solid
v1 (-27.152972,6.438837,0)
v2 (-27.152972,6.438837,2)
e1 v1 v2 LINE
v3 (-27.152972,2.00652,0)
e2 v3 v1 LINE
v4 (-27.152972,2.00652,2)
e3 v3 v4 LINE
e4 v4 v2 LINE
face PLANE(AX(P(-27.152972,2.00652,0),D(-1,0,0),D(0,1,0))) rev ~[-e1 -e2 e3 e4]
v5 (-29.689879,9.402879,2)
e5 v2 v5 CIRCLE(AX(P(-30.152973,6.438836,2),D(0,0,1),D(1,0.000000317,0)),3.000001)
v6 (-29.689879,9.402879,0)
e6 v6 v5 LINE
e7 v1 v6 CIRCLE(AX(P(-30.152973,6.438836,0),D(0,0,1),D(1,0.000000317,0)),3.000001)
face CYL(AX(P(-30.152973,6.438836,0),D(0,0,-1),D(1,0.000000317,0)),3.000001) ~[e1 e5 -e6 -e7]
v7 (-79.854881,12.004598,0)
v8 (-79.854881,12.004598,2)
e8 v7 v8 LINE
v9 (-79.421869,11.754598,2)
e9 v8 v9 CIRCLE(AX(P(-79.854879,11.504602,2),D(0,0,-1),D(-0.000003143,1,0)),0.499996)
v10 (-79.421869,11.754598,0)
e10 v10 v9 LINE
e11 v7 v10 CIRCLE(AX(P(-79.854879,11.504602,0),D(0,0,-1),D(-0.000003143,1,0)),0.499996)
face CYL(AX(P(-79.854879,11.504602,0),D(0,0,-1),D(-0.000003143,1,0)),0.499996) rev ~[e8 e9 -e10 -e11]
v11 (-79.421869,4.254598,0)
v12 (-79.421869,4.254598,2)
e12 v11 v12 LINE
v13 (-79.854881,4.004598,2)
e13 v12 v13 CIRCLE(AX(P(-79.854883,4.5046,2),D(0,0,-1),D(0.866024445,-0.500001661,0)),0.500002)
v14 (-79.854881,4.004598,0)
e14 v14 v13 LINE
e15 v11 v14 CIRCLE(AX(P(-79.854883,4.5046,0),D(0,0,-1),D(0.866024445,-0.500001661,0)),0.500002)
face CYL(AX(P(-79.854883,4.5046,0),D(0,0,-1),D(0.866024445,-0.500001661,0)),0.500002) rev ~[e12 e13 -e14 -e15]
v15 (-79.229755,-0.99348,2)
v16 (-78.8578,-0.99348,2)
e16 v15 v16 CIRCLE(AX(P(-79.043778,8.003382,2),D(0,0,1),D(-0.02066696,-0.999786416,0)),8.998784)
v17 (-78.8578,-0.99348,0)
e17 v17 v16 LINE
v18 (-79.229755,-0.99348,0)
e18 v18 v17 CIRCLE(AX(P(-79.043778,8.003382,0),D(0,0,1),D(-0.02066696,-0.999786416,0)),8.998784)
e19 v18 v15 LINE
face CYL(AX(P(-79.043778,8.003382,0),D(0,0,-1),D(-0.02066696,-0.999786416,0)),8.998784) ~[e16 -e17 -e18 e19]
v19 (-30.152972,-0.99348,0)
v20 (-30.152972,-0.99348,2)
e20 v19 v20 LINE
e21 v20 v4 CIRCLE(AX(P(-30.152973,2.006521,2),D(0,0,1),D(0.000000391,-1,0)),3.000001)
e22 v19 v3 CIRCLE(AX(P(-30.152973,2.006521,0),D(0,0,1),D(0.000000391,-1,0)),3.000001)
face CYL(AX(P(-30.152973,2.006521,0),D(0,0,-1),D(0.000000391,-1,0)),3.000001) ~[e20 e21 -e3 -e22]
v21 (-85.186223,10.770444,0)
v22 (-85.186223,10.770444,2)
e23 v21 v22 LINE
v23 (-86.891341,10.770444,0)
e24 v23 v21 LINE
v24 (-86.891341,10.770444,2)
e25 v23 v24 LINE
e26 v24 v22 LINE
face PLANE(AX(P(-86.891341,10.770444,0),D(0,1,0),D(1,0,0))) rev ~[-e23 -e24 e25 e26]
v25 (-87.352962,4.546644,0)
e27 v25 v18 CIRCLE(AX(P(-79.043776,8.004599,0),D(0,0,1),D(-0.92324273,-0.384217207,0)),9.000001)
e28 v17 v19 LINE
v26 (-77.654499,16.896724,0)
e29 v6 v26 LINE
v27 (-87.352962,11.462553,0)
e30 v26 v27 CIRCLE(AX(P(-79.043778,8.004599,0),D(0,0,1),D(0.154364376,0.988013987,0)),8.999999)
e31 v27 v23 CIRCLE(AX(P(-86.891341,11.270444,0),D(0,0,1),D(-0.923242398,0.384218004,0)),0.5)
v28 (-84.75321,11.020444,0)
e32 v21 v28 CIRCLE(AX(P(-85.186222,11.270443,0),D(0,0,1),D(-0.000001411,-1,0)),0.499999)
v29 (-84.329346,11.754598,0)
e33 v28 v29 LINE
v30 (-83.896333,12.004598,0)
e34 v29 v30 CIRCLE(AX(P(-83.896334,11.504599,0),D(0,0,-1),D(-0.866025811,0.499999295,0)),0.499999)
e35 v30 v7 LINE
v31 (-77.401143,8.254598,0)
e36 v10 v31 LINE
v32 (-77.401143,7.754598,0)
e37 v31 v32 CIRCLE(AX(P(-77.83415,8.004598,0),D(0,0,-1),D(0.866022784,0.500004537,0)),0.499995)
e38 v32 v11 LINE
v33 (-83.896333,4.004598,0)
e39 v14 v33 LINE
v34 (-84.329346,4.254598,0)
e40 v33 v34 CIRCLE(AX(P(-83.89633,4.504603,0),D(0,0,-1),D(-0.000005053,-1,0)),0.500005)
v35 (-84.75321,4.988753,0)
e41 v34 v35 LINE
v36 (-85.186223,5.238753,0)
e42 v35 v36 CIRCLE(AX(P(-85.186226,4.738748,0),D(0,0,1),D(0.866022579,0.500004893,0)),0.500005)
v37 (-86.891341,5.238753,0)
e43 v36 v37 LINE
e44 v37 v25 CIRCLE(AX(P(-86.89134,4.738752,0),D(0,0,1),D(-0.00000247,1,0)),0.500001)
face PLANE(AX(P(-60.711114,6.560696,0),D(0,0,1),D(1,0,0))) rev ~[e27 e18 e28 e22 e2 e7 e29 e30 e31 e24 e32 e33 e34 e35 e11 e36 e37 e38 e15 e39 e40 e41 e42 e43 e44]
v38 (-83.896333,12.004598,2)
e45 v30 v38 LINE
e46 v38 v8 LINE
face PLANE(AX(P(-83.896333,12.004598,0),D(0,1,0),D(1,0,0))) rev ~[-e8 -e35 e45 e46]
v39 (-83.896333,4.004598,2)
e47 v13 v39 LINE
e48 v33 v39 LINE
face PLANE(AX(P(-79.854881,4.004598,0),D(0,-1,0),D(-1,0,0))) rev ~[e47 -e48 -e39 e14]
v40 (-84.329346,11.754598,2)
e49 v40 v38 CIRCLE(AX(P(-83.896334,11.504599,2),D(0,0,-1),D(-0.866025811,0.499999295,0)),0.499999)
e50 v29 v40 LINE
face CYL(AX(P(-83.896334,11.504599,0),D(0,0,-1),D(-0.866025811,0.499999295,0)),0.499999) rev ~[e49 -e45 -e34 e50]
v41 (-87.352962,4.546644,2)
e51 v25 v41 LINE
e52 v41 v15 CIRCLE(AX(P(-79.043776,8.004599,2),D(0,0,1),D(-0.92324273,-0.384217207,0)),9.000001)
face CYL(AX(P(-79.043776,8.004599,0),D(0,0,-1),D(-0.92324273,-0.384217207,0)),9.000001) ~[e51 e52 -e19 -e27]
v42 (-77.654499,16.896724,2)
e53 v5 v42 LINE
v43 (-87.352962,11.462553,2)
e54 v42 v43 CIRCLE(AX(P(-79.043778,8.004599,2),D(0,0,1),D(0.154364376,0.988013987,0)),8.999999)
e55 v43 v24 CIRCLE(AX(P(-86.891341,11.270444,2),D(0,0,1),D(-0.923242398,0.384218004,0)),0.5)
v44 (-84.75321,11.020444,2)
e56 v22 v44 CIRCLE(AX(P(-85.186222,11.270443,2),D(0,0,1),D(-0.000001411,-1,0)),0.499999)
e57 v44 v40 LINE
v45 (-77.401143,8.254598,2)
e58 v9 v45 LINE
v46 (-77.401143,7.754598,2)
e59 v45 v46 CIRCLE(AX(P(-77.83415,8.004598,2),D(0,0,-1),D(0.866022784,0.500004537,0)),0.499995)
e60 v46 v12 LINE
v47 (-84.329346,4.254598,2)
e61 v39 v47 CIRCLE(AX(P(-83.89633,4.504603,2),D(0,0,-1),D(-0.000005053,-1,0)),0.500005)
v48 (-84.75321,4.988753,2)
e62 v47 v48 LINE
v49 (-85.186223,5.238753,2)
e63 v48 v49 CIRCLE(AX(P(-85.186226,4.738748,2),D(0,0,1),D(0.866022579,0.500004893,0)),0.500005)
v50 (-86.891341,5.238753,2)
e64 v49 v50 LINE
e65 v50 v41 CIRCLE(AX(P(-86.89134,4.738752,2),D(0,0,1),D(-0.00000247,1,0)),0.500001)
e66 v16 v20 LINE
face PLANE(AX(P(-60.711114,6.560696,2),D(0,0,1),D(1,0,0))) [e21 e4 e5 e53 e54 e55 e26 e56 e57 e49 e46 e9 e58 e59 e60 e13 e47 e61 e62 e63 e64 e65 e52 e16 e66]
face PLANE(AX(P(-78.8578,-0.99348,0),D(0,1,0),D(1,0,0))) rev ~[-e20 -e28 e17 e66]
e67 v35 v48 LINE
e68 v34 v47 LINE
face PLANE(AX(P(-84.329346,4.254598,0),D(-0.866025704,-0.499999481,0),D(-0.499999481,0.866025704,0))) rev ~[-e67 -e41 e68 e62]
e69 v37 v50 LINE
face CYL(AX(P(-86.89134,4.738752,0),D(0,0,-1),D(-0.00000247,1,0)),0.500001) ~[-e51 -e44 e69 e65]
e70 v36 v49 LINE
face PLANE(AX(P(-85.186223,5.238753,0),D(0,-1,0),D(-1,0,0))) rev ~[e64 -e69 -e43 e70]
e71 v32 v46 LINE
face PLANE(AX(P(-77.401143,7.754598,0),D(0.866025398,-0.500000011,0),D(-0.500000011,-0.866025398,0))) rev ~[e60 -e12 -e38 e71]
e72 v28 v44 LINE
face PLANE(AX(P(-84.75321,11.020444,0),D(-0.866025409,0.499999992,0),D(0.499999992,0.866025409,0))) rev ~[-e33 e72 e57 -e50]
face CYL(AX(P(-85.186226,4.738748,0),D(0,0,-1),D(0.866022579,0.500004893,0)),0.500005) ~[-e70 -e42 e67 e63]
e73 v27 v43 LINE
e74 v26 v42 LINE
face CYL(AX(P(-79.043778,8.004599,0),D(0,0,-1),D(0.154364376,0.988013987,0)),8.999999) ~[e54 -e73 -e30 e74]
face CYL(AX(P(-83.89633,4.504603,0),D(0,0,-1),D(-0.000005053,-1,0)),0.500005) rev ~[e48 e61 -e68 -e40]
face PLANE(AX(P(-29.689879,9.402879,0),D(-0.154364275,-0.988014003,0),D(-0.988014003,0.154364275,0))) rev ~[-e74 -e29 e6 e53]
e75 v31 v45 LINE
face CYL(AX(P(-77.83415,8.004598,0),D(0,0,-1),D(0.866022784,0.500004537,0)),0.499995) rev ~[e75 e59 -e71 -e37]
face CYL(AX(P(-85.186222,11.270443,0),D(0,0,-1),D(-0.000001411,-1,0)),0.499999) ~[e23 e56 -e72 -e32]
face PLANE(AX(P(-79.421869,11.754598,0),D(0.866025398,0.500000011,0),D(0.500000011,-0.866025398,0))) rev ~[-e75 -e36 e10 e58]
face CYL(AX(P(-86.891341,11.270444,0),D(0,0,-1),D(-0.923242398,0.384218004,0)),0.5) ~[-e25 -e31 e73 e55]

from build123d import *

# Parameters (mm, degrees)
F1_DEPTH = 2


with BuildPart() as f1:
    # F0 (on Top) → F1 (new body)
    with BuildSketch(Plane.XY):
        with BuildLine():
            ThreePointArc((-79.421869, 4.254598), (-79.604881, 4.071586), (-79.854881, 4.004598))
            Line((-79.854881, 4.004598), (-83.896333, 4.004598))
            ThreePointArc((-83.896333, 4.004598), (-84.146333, 4.071586), (-84.329346, 4.254598))
            Line((-84.329346, 4.254598), (-84.75321, 4.988753))
            ThreePointArc((-84.75321, 4.988753), (-84.936223, 5.171765), (-85.186223, 5.238753))
            Line((-85.186223, 5.238753), (-86.891341, 5.238753))
            ThreePointArc((-86.891341, 5.238753), (-87.307306, 5.016192), (-87.352962, 4.546644))
            ThreePointArc((-87.352962, 4.546644), (-84.114792, 0.569223), (-79.229755, -0.99348))
            Line((-79.229755, -0.99348), (-78.8578, -0.99348))
            Line((-78.8578, -0.99348), (-30.152972, -0.99348))
            ThreePointArc((-30.152972, -0.99348), (-28.031652, -0.1148), (-27.152972, 2.00652))
            Line((-27.152972, 2.00652), (-27.152972, 6.438837))
            ThreePointArc((-27.152972, 6.438837), (-27.873797, 8.38957), (-29.689879, 9.402879))
            Line((-29.689879, 9.402879), (-77.654499, 16.896724))
            ThreePointArc((-77.654499, 16.896724), (-83.443076, 15.856106), (-87.352962, 11.462553))
            ThreePointArc((-87.352962, 11.462553), (-87.307306, 10.993004), (-86.891341, 10.770444))
            Line((-86.891341, 10.770444), (-85.186223, 10.770444))
            ThreePointArc((-85.186223, 10.770444), (-84.936223, 10.837431), (-84.75321, 11.020444))
            Line((-84.75321, 11.020444), (-84.329346, 11.754598))
            ThreePointArc((-84.329346, 11.754598), (-84.146333, 11.937611), (-83.896333, 12.004598))
            Line((-83.896333, 12.004598), (-79.854881, 12.004598))
            ThreePointArc((-79.854881, 12.004598), (-79.604881, 11.937611), (-79.421869, 11.754598))
            Line((-79.421869, 11.754598), (-77.401143, 8.254598))
            ThreePointArc((-77.401143, 8.254598), (-77.334155, 8.004598), (-77.401143, 7.754598))
            Line((-77.401143, 7.754598), (-79.421869, 4.254598))
        make_face()
        with BuildLine():
            Line((-78.8578, -0.99348), (-79.229755, -0.99348))
            ThreePointArc((-79.229755, -0.99348), (-79.043777, -0.995402), (-78.8578, -0.99348))
        make_face()
    extrude(amount=F1_DEPTH)


solid = f1.part
